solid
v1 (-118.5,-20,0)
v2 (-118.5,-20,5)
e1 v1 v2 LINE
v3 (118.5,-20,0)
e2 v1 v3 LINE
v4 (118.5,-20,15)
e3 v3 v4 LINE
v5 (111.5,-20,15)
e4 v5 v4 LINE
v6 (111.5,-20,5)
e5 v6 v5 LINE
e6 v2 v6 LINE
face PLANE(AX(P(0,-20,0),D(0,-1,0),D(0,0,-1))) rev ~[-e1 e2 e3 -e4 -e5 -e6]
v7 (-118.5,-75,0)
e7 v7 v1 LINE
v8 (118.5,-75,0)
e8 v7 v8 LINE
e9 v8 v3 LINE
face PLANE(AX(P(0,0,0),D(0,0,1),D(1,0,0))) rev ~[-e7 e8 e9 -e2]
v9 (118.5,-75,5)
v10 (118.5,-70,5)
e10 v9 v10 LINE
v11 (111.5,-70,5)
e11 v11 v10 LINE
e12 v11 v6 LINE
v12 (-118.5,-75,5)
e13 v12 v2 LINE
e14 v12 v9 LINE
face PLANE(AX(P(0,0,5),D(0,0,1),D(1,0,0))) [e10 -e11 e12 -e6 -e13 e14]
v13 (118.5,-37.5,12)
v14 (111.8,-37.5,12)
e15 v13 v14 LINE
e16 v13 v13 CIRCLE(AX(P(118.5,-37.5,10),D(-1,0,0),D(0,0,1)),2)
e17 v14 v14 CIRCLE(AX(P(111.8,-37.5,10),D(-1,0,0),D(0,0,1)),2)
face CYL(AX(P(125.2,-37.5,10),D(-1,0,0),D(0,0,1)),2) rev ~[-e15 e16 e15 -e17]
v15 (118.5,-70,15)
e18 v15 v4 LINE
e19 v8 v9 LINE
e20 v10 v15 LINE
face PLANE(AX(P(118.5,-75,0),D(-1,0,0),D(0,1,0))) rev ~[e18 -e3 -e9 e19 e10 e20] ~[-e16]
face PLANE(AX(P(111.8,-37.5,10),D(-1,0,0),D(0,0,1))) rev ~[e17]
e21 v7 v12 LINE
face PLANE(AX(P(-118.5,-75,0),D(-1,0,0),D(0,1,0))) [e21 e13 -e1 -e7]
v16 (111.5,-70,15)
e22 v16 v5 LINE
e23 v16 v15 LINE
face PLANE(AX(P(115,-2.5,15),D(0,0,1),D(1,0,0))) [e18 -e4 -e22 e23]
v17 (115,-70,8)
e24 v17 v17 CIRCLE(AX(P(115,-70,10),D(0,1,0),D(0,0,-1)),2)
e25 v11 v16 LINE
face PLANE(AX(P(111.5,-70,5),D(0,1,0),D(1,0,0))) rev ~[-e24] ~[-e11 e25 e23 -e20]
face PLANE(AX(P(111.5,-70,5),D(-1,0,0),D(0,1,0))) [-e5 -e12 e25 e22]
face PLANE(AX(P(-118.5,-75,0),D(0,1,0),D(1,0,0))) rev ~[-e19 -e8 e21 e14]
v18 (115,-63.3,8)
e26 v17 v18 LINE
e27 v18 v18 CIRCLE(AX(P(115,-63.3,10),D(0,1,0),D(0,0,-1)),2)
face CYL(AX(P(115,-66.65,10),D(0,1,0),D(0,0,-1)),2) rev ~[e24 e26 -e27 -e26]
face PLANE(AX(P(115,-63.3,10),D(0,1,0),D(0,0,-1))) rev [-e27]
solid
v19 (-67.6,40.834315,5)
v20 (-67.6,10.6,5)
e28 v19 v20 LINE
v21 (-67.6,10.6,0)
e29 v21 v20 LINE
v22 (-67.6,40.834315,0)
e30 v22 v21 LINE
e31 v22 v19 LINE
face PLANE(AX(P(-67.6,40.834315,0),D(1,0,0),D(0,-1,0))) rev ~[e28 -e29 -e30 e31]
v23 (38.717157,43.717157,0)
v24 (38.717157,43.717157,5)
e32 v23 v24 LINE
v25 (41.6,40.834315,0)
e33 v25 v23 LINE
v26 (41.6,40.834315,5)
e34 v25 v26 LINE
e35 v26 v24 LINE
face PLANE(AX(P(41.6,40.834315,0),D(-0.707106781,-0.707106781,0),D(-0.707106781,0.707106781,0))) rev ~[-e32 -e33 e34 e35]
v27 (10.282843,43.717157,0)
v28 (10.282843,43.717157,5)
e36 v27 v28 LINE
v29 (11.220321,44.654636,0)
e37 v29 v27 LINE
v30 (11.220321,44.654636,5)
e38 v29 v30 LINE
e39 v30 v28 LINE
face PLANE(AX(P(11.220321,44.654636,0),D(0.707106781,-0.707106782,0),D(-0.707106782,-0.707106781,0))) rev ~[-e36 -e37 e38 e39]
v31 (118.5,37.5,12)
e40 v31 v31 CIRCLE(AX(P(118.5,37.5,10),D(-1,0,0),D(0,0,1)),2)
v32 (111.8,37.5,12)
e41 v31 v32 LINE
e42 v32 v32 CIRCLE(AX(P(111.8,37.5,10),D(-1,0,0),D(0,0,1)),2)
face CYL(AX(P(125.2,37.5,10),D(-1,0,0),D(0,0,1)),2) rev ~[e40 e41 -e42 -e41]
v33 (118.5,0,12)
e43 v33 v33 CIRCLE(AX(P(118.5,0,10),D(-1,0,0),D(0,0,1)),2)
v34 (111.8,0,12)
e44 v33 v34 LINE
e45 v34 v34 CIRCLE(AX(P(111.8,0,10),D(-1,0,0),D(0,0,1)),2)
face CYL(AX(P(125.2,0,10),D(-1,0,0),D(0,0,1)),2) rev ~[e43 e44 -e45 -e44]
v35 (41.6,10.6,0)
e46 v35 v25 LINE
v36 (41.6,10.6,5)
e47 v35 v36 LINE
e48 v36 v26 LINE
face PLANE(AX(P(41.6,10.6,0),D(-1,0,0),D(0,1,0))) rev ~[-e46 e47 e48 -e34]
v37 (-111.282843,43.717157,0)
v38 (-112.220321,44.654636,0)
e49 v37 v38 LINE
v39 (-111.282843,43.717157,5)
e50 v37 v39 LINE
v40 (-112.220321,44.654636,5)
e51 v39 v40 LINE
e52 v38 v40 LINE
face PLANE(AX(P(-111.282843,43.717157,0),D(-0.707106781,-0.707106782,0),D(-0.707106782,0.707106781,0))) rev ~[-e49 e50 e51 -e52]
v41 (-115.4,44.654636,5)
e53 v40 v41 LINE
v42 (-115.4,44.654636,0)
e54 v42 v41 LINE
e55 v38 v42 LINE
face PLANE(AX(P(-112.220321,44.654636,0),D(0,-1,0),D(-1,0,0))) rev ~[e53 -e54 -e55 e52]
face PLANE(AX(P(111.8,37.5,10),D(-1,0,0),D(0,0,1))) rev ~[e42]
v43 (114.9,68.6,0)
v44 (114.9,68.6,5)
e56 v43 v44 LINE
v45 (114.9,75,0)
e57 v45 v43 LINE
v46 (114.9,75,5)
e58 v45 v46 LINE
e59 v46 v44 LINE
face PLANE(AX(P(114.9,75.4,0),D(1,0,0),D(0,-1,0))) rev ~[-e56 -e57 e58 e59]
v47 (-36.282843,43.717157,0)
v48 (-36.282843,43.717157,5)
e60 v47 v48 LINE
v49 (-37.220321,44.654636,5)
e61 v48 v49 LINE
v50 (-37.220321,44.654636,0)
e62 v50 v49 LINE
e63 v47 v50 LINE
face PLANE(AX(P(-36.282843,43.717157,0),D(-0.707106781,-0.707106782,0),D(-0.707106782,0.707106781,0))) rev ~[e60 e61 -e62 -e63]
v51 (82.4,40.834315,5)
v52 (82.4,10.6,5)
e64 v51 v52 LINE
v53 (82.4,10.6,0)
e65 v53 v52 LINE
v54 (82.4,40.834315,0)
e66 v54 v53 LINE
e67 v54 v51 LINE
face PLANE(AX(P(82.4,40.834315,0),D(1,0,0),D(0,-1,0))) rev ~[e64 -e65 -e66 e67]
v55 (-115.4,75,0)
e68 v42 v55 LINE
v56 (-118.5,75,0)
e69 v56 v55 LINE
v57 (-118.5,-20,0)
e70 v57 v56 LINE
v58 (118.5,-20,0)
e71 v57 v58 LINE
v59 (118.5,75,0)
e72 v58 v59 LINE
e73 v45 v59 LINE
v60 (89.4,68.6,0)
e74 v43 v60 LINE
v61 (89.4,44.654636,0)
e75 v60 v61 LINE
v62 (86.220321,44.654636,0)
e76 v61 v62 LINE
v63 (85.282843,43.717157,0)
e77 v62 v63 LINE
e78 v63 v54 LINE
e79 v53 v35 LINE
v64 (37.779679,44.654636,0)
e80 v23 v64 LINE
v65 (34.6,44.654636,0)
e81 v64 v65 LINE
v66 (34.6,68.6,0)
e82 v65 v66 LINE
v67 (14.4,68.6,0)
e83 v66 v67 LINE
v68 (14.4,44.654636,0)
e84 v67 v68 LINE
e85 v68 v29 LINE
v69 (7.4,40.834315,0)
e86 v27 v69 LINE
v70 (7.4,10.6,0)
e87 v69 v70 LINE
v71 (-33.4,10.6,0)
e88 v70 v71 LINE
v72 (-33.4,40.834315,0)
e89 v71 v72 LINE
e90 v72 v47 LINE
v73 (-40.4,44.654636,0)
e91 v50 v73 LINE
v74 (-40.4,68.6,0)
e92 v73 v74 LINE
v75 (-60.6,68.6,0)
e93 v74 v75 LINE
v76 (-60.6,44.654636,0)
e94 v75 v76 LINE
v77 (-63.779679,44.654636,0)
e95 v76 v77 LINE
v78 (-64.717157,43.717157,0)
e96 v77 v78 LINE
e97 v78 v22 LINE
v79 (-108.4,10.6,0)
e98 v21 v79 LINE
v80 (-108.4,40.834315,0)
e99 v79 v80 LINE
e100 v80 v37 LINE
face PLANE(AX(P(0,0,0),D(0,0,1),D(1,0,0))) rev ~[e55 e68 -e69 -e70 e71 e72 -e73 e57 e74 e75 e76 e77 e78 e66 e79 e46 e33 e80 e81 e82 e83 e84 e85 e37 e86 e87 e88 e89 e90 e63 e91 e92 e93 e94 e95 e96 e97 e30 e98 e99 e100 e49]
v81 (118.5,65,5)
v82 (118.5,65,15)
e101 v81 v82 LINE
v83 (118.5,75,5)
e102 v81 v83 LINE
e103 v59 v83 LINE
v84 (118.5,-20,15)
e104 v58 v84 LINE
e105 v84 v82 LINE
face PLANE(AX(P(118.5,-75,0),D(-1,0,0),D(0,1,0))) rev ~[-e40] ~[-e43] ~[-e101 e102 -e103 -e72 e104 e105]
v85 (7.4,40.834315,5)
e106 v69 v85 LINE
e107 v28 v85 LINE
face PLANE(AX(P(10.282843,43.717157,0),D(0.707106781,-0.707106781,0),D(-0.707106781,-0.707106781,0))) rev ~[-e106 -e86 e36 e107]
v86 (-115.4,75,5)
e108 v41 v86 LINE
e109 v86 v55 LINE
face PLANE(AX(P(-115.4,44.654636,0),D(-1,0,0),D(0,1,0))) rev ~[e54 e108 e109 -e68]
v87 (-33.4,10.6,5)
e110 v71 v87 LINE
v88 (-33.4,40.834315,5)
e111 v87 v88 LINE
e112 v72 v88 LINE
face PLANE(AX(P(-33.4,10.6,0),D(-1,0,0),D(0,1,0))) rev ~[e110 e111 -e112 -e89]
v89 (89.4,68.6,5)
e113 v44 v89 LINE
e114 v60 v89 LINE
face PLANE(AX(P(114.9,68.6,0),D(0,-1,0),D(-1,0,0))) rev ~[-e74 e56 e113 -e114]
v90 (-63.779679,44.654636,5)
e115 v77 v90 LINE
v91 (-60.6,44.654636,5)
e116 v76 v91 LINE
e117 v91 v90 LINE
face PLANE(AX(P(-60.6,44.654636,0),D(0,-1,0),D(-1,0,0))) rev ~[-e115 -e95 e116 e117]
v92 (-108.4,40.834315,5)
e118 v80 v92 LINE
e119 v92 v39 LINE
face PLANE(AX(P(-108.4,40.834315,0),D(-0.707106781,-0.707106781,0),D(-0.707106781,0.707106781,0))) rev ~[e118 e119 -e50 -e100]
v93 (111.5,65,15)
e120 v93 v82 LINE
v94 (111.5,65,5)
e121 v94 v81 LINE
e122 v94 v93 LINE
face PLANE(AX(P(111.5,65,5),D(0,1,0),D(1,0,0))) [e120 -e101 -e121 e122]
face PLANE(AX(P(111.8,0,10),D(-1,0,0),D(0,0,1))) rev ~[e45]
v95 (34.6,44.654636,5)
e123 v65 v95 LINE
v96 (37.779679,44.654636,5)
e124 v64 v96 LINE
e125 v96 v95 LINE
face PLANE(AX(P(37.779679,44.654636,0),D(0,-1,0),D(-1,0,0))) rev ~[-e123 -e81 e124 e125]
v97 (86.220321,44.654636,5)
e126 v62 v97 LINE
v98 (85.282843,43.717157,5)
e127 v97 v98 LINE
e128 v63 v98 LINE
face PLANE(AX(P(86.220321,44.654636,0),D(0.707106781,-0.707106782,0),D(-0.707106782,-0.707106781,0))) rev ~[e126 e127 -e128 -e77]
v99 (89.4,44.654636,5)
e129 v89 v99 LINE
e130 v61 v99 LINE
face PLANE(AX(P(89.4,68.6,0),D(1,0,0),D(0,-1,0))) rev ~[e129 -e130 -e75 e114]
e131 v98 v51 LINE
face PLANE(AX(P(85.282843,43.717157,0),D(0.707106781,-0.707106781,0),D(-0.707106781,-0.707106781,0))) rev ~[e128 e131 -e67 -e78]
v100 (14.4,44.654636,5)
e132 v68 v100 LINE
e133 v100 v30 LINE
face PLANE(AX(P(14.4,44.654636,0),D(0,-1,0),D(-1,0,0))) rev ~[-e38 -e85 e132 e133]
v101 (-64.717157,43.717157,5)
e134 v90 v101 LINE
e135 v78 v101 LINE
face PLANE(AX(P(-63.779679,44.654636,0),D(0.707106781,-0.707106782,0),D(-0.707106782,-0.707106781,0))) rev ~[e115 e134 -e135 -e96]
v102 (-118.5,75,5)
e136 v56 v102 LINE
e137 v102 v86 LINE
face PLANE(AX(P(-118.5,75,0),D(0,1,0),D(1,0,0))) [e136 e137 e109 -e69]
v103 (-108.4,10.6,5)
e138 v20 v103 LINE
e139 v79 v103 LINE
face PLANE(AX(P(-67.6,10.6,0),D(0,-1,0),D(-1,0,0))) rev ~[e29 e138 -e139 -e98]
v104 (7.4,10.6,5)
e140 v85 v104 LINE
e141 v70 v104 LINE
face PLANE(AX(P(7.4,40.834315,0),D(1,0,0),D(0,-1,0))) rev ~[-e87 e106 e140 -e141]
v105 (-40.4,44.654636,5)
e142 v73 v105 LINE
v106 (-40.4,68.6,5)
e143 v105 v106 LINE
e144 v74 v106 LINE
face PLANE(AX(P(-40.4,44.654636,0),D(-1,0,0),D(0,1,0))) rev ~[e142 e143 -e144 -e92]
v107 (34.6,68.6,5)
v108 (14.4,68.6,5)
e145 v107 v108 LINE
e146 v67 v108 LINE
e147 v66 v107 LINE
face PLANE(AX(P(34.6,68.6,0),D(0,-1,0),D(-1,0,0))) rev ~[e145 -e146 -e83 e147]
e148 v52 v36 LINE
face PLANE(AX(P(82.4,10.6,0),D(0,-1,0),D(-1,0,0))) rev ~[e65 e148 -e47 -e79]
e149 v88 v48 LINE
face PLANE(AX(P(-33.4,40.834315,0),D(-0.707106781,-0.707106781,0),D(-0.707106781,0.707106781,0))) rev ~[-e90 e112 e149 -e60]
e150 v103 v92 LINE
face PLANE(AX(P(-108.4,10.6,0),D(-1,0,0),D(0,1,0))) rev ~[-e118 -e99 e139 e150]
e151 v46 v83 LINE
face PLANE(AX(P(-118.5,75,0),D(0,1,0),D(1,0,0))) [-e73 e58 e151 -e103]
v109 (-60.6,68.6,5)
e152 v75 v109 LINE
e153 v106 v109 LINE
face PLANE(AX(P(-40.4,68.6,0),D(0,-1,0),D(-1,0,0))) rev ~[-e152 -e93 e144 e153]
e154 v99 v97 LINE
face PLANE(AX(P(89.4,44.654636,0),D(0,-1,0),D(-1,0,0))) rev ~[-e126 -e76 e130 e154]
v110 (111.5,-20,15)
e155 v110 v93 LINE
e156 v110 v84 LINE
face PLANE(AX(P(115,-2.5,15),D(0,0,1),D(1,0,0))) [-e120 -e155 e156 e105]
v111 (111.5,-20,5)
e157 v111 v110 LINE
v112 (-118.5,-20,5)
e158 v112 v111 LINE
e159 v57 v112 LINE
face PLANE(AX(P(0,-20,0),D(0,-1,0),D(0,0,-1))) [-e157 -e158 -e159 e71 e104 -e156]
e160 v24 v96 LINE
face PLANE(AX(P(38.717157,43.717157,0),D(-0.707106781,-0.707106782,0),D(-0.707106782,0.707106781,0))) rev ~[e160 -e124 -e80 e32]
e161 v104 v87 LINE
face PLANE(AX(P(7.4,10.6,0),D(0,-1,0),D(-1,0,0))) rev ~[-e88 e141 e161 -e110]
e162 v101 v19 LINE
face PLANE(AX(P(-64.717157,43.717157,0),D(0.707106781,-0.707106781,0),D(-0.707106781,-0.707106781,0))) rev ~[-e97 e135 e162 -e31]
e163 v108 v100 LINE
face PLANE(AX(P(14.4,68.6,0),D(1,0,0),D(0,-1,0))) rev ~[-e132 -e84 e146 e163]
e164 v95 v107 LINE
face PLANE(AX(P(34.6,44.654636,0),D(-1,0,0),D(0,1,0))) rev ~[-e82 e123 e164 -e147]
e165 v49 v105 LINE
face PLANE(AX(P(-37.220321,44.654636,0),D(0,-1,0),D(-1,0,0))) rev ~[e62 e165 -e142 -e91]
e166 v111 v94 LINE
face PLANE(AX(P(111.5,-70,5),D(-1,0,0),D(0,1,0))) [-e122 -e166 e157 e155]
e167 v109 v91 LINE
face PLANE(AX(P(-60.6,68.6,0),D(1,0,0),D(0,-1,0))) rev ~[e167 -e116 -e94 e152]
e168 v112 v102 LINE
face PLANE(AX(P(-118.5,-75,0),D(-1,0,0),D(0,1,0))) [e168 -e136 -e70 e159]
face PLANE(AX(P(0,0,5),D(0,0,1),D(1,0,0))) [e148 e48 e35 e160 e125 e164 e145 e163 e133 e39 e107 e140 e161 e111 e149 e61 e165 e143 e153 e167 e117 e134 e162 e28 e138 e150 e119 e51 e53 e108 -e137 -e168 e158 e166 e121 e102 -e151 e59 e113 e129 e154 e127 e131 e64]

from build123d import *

# Parameters (mm, degrees)
SZKIC1_W                    = 237
SZKIC1_H                    = 150
DODANIE_WYCI_GNI_CIE1_DEPTH = 5
SZKIC2_W                    = 7
SZKIC2_H                    = 135
DODANIE_WYCI_GNI_CIE2_DEPTH = 10
OTW_R_4_0_4_1_D             = 4
OTW_R_4_0_4_1_DEPTH         = 6.7
WYTNIJ_WYCI_GNI_CIE1_REACH  = 143.04
SZKIC7_W                    = 2
SZKIC7_H                    = 6.7


with BuildPart() as part:
    # Szkic1 → Dodanie-wyciągnięcie1 (new body)
    with BuildSketch(Plane.XY):
        Rectangle(SZKIC1_W, SZKIC1_H)
    extrude(amount=DODANIE_WYCI_GNI_CIE1_DEPTH)

    # Szkic2 → Dodanie-wyciągnięcie2 (add)
    with BuildSketch(Plane.XY.offset(5)):
        with Locations((115, -2.5)):
            Rectangle(SZKIC2_W, SZKIC2_H)
    extrude(amount=DODANIE_WYCI_GNI_CIE2_DEPTH)

    # Otwór Ø4.0 (4)1
    with Locations(Plane(origin=(118.5, 0, 0), x_dir=(0, 0, -1), z_dir=(1, 0, 0))):
        with Locations((-10, -37.5), (-10, 37.5), (-10, 0)):
            Hole(OTW_R_4_0_4_1_D / 2, depth=OTW_R_4_0_4_1_DEPTH)

    # Szkic5 → Wytnij-wyciągnięcie1 (cut, up to next)
    with BuildSketch(Plane(origin=(0, 0, 0), x_dir=(-1, 0, 0), z_dir=(0, 0, -1)), mode=Mode.PRIVATE) as wytnij_wyci_gni_cie1_sk1:
        Polygon((-82.4, 10.6), (-41.6, 10.6), (-41.6, 40.834314575), (-38.717157288, 43.717157288), (-37.779678569, 44.654636006), (-34.6, 44.654636006), (-34.6, 65), (-34.6, 68.6), (-14.4, 68.6), (-14.4, 65), (-14.4, 44.654636006), (-11.220321431, 44.654636006), (-10.282842712, 43.717157288), (-7.4, 40.834314575), (-7.4, 10.6), (33.4, 10.6), (33.4, 40.834314575), (36.282842712, 43.717157288), (37.220321431, 44.654636006), (40.4, 44.654636006), (40.4, 65), (40.4, 68.6), (60.6, 68.6), (60.6, 65), (60.6, 44.654636006), (63.779678569, 44.654636006), (64.717157288, 43.717157288), (67.6, 40.834314575), (67.6, 10.6), (108.4, 10.6), (108.4, 40.834314575), (111.282842712, 43.717157288), (112.220321431, 44.654636006), (115.4, 44.654636006), (115.4, 65), (115.4, 75.4), (65.5, 75.4), (35.5, 75.4), (-9.5, 75.4), (-39.5, 75.4), (-84.5, 75.4), (-114.9, 75.4), (-114.9, 68.6), (-89.4, 68.6), (-89.4, 65), (-89.4, 44.654636006), (-86.220321431, 44.654636006), (-85.282842712, 43.717157288), (-82.4, 40.834314575), align=None)
        Polygon((-86, 45.054636006), (-86, 45), (-85, 44), (-82, 41), (-82, 11), (-42, 11), (-42, 41), (-39, 44), (-38, 45), (-38, 45.054636006), (-35, 45.054636006), (-35, 65), (-35, 69), (-14, 69), (-14, 65), (-14, 45.054636006), (-11, 45.054636006), (-11, 45), (-10, 44), (-7, 41), (-7, 11), (33, 11), (33, 41), (36, 44), (37, 45), (37, 45.054636006), (40, 45.054636006), (40, 65), (40, 69), (61, 69), (61, 65), (61, 45.054636006), (64, 45.054636006), (64, 45), (65, 44), (68, 41), (68, 11), (108, 11), (108, 41), (111, 44), (112, 45), (112, 45.054636006), (115, 45.054636006), (115, 65), (115, 75), (65.5, 75), (35.5, 75), (-9.5, 75), (-39.5, 75), (-84.5, 75), (-114.5, 75), (-114.5, 69), (-89, 69), (-89, 65), (-89, 45.054636006), align=None, mode=Mode.SUBTRACT)
    wytnij_wyci_gni_cie1_tool1 = extrude(wytnij_wyci_gni_cie1_sk1.sketch, amount=-WYTNIJ_WYCI_GNI_CIE1_REACH, mode=Mode.PRIVATE) & part.part
    add(wytnij_wyci_gni_cie1_tool1.solids().sort_by_distance((62, 10.839243, 0))[0], mode=Mode.SUBTRACT)


with BuildPart() as wytnij_wyci_gni_cie1_kept_piece:
    # of the separate pieces the step leaves, the one the design keeps (wytnij_wyci_gni_cie1_pieces_kept)
    add(part.part.solids().sort_by_distance((-118.5, -75, 0))[0])


with BuildPart() as body_2:
    # Podziel1: the piece on the far side of the plane
    add(wytnij_wyci_gni_cie1_kept_piece.part)
    split(bisect_by=Plane(origin=(0, -20, 0), x_dir=(0, 0, -1), z_dir=(0, -1, 0)), keep=Keep.BOTTOM)


with BuildPart() as wytnij_wyci_gni_cie1_kept_piece_1:
    add(wytnij_wyci_gni_cie1_kept_piece.part)

    # Podziel1
    split(bisect_by=Plane(origin=(0, -20, 0), x_dir=(0, 0, -1), z_dir=(0, -1, 0)), keep=Keep.TOP)

    # Szkic7 → Otwory ustalające Ø4.0mm1 (revolve, cut)
    with BuildSketch(Plane(origin=(115, -70, 10), x_dir=(0, 0, -1), z_dir=(1, 0, 0))):
        with Locations((1, 3.35)):
            Rectangle(SZKIC7_W, SZKIC7_H)
    revolve(axis=Axis((115, -76.35, 10), (0, 1, 0)), mode=Mode.SUBTRACT)


solid = Compound([body_2.part, wytnij_wyci_gni_cie1_kept_piece_1.part])
